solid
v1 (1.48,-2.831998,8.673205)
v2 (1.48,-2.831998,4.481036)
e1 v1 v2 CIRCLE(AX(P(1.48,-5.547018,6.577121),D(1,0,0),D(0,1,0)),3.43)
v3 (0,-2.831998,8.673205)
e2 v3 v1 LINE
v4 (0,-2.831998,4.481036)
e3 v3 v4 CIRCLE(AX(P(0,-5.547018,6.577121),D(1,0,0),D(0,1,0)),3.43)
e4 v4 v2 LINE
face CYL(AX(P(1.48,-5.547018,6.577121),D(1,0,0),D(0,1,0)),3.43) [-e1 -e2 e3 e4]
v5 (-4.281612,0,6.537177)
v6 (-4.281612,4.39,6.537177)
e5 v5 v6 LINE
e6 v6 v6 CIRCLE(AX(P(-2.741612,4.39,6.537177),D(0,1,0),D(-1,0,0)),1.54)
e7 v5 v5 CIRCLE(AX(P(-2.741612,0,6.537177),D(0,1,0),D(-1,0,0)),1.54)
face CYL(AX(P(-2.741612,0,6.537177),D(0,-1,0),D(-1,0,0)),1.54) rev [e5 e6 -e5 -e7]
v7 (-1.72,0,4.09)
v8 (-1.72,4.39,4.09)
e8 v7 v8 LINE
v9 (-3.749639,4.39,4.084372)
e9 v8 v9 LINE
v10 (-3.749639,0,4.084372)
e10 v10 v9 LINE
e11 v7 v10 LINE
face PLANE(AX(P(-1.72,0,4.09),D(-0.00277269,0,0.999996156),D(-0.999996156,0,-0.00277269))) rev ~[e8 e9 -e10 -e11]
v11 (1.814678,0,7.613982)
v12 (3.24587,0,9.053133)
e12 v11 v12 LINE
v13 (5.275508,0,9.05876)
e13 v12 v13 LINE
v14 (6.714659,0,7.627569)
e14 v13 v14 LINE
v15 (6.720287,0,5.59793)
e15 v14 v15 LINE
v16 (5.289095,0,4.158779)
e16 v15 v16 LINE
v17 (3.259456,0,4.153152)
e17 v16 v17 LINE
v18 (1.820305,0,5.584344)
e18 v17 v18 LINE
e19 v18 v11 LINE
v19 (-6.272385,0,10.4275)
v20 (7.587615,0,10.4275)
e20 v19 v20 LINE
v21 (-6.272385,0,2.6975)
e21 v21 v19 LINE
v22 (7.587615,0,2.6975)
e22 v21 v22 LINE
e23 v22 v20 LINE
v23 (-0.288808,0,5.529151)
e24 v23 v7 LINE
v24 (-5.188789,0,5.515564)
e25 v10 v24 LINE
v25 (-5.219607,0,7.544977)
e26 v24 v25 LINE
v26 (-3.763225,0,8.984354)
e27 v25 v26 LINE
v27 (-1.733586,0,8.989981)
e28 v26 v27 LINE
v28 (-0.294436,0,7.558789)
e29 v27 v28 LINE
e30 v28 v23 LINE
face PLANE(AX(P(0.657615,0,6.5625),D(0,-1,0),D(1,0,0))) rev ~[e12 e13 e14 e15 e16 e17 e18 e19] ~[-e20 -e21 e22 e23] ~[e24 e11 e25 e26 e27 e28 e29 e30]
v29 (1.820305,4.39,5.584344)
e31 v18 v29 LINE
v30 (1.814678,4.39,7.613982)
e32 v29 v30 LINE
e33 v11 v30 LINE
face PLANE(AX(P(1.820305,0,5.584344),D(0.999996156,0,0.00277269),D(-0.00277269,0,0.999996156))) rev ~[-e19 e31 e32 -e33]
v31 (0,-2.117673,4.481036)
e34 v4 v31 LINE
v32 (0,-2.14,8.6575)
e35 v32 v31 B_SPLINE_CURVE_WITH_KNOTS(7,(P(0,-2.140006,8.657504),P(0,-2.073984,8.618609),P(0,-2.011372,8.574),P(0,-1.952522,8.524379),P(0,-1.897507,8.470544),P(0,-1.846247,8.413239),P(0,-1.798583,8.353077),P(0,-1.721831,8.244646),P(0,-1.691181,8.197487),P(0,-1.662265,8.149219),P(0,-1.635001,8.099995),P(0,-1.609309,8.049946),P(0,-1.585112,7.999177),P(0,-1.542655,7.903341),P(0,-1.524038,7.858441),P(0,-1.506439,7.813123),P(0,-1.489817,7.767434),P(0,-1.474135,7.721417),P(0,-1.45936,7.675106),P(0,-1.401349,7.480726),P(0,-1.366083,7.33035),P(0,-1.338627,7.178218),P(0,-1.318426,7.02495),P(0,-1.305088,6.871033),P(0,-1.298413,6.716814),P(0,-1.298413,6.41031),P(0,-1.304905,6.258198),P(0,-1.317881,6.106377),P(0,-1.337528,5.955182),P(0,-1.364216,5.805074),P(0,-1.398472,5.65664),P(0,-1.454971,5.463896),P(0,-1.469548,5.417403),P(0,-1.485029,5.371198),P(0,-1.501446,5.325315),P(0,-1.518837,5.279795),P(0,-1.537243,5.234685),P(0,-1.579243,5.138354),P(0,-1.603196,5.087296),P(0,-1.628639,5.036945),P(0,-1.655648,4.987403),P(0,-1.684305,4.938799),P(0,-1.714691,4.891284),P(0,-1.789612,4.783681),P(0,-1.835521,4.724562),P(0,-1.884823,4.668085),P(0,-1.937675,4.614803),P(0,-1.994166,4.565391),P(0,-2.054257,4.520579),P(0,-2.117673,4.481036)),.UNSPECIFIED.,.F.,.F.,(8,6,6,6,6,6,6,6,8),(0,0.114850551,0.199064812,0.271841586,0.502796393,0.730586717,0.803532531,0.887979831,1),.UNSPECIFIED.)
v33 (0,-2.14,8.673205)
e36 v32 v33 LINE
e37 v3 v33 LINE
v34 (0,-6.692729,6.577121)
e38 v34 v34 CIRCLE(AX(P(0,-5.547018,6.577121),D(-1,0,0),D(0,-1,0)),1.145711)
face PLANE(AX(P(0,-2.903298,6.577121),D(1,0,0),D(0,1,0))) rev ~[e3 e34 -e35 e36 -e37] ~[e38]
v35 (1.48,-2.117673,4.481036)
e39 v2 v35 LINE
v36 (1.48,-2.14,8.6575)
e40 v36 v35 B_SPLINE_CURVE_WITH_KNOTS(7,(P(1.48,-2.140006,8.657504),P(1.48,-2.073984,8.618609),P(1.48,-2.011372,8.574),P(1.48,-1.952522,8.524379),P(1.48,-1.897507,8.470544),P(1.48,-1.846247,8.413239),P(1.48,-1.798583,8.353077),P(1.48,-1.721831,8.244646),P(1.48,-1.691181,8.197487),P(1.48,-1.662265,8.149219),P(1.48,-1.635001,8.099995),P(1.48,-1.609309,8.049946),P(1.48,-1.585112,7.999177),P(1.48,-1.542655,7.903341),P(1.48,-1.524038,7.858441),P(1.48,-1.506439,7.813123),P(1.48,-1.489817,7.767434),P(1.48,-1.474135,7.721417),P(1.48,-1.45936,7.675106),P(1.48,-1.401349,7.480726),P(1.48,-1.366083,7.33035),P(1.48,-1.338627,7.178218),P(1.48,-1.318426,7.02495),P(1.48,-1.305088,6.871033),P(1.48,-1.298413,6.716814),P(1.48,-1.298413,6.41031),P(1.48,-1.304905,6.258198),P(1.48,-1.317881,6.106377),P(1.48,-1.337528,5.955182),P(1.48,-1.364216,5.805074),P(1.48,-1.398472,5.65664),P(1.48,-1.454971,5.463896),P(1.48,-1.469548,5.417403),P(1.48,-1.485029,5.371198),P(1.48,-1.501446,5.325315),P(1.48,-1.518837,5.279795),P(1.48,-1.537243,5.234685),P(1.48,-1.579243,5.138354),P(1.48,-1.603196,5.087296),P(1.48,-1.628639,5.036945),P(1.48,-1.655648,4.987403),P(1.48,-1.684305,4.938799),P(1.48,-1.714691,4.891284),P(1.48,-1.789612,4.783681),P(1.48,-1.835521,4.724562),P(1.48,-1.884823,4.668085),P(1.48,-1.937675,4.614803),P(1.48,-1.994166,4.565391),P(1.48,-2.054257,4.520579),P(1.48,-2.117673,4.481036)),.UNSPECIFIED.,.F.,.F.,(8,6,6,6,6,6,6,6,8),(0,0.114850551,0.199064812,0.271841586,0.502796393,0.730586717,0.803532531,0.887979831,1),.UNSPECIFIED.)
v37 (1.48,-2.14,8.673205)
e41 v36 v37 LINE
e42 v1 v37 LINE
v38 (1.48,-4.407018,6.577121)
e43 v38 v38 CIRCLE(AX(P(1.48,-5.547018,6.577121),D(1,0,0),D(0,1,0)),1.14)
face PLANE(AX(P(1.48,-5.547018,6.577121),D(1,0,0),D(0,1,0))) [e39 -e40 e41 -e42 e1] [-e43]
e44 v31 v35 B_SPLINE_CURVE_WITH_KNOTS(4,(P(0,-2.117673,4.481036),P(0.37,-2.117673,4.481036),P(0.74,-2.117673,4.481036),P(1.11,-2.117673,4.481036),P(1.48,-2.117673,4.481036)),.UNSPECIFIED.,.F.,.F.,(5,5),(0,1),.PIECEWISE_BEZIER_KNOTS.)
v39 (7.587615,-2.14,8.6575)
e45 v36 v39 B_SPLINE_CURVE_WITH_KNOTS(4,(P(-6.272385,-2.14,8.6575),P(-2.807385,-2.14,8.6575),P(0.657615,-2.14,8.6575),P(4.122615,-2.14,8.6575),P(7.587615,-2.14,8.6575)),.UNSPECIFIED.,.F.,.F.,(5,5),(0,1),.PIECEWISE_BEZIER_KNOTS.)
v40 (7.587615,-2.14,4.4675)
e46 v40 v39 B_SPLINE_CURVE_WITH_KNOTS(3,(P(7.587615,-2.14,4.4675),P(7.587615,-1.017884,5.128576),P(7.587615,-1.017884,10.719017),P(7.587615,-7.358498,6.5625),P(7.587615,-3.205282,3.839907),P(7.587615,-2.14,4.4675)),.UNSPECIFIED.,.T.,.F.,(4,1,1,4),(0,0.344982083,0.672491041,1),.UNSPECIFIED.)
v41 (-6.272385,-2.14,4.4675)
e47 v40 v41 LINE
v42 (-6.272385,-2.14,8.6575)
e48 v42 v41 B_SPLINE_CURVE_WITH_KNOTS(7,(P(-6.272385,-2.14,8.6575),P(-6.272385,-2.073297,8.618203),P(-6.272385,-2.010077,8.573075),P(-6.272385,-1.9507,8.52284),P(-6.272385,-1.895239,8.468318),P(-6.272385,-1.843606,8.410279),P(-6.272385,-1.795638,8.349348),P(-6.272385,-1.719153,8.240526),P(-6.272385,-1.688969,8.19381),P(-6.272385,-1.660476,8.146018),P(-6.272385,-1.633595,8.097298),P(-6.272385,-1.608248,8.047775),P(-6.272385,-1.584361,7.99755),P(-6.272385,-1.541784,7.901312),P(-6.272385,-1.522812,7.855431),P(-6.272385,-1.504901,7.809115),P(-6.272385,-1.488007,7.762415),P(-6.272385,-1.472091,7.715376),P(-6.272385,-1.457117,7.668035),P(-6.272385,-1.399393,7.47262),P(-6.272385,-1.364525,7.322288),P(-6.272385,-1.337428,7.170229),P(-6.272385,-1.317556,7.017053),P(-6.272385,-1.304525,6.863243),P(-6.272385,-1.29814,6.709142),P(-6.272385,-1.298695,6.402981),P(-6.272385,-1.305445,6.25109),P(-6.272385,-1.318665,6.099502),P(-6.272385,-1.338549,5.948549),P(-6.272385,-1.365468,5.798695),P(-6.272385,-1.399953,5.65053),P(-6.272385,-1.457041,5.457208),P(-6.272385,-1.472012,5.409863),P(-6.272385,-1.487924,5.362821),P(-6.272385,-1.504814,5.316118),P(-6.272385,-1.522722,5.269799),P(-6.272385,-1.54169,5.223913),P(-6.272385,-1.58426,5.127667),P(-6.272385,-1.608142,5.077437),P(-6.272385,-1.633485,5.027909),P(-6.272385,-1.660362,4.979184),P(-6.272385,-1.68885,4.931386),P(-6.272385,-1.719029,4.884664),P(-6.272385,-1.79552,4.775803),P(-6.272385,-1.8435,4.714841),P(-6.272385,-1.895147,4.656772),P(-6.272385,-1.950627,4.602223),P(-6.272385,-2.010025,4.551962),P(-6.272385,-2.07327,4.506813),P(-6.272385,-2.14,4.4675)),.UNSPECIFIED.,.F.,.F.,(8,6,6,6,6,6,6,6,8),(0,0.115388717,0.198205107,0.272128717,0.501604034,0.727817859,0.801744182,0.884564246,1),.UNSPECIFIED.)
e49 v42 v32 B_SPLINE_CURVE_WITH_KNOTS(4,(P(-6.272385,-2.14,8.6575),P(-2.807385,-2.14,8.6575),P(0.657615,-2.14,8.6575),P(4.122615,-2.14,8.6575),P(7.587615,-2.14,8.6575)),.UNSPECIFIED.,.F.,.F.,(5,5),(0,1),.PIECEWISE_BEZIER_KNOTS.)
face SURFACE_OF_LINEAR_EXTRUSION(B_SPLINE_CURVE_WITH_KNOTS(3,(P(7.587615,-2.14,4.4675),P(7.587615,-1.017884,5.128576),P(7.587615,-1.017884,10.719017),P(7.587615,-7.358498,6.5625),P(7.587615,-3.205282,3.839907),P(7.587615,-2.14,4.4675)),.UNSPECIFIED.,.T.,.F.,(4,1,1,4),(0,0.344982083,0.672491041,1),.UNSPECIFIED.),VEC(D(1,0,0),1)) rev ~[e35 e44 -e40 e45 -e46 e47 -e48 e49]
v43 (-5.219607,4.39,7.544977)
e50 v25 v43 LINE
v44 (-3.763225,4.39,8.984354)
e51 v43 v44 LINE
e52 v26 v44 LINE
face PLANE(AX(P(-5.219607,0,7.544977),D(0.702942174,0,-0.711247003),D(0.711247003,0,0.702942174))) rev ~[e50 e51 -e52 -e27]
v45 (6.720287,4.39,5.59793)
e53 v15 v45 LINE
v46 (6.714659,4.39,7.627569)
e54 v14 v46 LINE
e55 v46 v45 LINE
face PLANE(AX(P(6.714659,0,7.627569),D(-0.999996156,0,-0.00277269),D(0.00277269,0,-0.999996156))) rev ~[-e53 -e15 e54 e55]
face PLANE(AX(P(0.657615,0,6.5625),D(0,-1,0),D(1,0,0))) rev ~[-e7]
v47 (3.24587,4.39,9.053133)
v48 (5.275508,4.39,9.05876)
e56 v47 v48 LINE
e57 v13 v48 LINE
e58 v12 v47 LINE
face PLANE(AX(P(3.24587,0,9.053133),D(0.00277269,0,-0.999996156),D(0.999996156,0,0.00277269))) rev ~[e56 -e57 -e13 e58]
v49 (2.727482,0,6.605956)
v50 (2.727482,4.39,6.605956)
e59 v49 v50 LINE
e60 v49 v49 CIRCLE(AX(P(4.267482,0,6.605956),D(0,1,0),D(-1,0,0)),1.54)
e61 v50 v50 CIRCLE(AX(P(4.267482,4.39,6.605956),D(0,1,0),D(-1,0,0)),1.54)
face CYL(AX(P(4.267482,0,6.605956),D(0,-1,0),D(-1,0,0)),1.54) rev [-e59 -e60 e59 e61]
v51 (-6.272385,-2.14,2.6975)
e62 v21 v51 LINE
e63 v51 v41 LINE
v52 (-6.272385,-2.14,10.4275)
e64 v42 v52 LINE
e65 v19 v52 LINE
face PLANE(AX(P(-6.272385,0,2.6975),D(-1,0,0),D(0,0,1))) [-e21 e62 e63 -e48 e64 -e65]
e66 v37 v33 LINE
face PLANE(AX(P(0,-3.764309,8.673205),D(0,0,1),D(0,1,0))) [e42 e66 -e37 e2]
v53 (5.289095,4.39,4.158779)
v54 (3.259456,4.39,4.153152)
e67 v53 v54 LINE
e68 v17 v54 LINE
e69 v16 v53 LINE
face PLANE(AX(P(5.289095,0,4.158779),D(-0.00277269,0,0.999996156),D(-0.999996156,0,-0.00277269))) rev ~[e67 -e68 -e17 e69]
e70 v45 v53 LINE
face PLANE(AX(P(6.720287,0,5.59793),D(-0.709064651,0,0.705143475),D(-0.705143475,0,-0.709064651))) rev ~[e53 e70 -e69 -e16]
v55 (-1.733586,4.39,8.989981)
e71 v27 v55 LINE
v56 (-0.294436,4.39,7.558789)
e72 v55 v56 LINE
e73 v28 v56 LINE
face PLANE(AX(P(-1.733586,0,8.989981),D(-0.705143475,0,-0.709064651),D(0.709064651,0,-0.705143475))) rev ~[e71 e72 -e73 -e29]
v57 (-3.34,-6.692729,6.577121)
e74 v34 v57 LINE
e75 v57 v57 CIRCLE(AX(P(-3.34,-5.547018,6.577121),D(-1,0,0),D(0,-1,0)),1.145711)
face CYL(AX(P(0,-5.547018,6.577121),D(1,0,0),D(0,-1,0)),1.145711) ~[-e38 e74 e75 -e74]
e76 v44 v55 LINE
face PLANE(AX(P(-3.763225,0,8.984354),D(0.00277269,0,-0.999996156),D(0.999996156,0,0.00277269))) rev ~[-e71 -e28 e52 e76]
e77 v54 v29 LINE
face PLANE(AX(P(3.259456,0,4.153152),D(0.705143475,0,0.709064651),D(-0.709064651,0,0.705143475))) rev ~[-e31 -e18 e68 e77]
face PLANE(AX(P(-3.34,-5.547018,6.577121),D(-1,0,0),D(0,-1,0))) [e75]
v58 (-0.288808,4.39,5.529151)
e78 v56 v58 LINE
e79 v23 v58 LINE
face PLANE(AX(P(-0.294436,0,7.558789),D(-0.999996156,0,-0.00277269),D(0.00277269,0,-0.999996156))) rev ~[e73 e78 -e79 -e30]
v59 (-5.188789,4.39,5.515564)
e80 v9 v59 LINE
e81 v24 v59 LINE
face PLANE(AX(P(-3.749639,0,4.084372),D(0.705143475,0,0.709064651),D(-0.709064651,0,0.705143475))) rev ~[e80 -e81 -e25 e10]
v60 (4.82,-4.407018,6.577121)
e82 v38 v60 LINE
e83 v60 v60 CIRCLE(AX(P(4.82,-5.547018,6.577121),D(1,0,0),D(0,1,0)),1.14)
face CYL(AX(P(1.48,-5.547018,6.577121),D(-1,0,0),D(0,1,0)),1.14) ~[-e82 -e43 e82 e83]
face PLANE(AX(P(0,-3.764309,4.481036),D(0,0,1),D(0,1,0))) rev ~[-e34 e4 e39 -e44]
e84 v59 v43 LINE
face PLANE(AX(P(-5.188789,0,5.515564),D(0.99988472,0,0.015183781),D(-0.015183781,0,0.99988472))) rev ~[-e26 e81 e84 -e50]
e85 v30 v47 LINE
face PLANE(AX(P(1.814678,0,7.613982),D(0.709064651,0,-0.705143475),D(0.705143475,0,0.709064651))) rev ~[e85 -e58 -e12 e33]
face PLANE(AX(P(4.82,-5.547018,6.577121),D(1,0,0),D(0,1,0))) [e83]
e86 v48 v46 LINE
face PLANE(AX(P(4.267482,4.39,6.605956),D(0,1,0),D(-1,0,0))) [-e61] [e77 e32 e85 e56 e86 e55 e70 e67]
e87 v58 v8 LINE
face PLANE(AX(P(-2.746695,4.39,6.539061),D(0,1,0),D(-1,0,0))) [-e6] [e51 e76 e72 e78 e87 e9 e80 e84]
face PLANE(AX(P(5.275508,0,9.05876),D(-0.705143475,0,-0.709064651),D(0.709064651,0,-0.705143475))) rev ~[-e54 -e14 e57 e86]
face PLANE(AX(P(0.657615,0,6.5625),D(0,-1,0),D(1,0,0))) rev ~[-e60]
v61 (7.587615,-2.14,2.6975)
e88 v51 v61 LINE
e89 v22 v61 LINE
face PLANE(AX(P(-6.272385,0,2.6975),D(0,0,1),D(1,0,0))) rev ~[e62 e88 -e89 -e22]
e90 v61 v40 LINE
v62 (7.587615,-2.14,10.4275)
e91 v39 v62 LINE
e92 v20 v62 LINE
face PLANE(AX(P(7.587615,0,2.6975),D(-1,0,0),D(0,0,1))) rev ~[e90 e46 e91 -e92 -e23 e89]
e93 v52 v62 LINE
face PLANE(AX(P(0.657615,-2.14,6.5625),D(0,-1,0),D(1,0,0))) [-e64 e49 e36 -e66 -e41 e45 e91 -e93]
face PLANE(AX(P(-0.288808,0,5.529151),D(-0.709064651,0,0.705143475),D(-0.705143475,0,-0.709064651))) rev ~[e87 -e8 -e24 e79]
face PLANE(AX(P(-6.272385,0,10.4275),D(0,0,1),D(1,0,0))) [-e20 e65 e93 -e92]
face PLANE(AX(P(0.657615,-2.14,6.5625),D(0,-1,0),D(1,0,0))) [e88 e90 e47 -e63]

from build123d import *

# Parameters (mm, degrees)
F0_W      = 13.86
F0_H      = 7.73
F1_DEPTH  = 2.14
F3_DEPTH  = 13.861
F4_W      = 1.7220231239
F4_H      = 4.1921688244
F5_DEPTH  = 1.48
F6_R      = 3.43
F7_DEPTH  = 1.48
F8_R      = 1.14
F10_DEPTH = 3.34
F9_R      = 1.1457110781
F11_DEPTH = 3.34
F12_R     = 1.54
F13_DEPTH = 4.39


with BuildPart() as f1:
    # F0 (on Front) → F1 (new body)
    with BuildSketch(Plane.XZ):
        with Locations((0.6576154042, 6.5625002608)):
            Rectangle(F0_W, F0_H)
    extrude(amount=F1_DEPTH)

    # F2 (on face) → F3 (cut, through all)
    with BuildSketch(Plane.YZ.offset(7.5876154042)):
        with BuildLine():
            add(Edge.make_bspline(
                [(-2.14, 4.4675002608), (-1.0178836739, 5.1285764004), (-1.0178836739, 10.7190171735), (-7.3584975292, 6.5625002608), (-3.2052818458, 3.8399072084), (-2.14, 4.4675002608)],
                knots=[0, 0, 0, 0, 0.3449820825, 0.6724910412, 1, 1, 1, 1], degree=3))
        make_face()
    extrude(amount=-F3_DEPTH, mode=Mode.SUBTRACT)

    # F4 (on Right) → F5 (join)
    with BuildSketch(Plane.YZ):
        with Locations((-2.9032976599, 6.5771206282)):
            Rectangle(F4_W, F4_H)
        Polygon((-2.042286098, 8.6732050404), (-2.042286098, 4.481036216), (-1.0486273095, 4.481036216), (-1.0486273095, 8.7523022667), align=None)
    extrude(amount=F5_DEPTH)

    # F6 (on face) → F7 (join)
    with BuildSketch(Plane.YZ.offset(1.48)):
        with Locations((-5.5470176696, 6.5771206282)):
            Circle(F6_R)
    extrude(amount=-F7_DEPTH)

    # F8 (on face) → F10 (join)
    with BuildSketch(Plane.YZ.offset(1.48)):
        with Locations((-5.5470176696, 6.5771206282)):
            Circle(F8_R)
    extrude(amount=F10_DEPTH)

    # F9 (on face) → F11 (join)
    with BuildSketch(Plane(origin=(0, 0, 0), x_dir=(0, -1, 0), z_dir=(-1, 0, 0))):
        with Locations((5.5470176696, 6.5771206282)):
            Circle(F9_R)
    extrude(amount=F11_DEPTH)

    # F12 (on face) → F13 (join)
    with BuildSketch(Plane(origin=(0, 0, 0), x_dir=(-1, 0, 0), z_dir=(0, 1, 0))):
        Polygon((-1.8146777797, 7.6139823431), (-3.245869735, 9.0531328988), (-5.2755083889, 9.0587604791), (-6.7146589446, 7.6275685238), (-6.7202865249, 5.59792987), (-5.2890945696, 4.1587793143), (-3.2594559158, 4.1531517339), (-1.8203053601, 5.5843436892), align=None)
        with Locations((-4.2674821523, 6.6059561065)):
            Circle(F12_R, mode=Mode.SUBTRACT)
        Polygon((1.7335861807, 8.9899811648), (0.294435625, 7.5587892095), (0.2888080447, 5.5291505557), (1.72, 4.09), (3.7496386538, 4.0843724197), (5.1887892095, 5.515564375), (5.2196069168, 7.5449768525), (3.7632248346, 8.9843535845), align=None)
        with Locations((2.7416124173, 6.5371767923)):
            Circle(F12_R, mode=Mode.SUBTRACT)
    extrude(amount=F13_DEPTH)


solid = f1.part
